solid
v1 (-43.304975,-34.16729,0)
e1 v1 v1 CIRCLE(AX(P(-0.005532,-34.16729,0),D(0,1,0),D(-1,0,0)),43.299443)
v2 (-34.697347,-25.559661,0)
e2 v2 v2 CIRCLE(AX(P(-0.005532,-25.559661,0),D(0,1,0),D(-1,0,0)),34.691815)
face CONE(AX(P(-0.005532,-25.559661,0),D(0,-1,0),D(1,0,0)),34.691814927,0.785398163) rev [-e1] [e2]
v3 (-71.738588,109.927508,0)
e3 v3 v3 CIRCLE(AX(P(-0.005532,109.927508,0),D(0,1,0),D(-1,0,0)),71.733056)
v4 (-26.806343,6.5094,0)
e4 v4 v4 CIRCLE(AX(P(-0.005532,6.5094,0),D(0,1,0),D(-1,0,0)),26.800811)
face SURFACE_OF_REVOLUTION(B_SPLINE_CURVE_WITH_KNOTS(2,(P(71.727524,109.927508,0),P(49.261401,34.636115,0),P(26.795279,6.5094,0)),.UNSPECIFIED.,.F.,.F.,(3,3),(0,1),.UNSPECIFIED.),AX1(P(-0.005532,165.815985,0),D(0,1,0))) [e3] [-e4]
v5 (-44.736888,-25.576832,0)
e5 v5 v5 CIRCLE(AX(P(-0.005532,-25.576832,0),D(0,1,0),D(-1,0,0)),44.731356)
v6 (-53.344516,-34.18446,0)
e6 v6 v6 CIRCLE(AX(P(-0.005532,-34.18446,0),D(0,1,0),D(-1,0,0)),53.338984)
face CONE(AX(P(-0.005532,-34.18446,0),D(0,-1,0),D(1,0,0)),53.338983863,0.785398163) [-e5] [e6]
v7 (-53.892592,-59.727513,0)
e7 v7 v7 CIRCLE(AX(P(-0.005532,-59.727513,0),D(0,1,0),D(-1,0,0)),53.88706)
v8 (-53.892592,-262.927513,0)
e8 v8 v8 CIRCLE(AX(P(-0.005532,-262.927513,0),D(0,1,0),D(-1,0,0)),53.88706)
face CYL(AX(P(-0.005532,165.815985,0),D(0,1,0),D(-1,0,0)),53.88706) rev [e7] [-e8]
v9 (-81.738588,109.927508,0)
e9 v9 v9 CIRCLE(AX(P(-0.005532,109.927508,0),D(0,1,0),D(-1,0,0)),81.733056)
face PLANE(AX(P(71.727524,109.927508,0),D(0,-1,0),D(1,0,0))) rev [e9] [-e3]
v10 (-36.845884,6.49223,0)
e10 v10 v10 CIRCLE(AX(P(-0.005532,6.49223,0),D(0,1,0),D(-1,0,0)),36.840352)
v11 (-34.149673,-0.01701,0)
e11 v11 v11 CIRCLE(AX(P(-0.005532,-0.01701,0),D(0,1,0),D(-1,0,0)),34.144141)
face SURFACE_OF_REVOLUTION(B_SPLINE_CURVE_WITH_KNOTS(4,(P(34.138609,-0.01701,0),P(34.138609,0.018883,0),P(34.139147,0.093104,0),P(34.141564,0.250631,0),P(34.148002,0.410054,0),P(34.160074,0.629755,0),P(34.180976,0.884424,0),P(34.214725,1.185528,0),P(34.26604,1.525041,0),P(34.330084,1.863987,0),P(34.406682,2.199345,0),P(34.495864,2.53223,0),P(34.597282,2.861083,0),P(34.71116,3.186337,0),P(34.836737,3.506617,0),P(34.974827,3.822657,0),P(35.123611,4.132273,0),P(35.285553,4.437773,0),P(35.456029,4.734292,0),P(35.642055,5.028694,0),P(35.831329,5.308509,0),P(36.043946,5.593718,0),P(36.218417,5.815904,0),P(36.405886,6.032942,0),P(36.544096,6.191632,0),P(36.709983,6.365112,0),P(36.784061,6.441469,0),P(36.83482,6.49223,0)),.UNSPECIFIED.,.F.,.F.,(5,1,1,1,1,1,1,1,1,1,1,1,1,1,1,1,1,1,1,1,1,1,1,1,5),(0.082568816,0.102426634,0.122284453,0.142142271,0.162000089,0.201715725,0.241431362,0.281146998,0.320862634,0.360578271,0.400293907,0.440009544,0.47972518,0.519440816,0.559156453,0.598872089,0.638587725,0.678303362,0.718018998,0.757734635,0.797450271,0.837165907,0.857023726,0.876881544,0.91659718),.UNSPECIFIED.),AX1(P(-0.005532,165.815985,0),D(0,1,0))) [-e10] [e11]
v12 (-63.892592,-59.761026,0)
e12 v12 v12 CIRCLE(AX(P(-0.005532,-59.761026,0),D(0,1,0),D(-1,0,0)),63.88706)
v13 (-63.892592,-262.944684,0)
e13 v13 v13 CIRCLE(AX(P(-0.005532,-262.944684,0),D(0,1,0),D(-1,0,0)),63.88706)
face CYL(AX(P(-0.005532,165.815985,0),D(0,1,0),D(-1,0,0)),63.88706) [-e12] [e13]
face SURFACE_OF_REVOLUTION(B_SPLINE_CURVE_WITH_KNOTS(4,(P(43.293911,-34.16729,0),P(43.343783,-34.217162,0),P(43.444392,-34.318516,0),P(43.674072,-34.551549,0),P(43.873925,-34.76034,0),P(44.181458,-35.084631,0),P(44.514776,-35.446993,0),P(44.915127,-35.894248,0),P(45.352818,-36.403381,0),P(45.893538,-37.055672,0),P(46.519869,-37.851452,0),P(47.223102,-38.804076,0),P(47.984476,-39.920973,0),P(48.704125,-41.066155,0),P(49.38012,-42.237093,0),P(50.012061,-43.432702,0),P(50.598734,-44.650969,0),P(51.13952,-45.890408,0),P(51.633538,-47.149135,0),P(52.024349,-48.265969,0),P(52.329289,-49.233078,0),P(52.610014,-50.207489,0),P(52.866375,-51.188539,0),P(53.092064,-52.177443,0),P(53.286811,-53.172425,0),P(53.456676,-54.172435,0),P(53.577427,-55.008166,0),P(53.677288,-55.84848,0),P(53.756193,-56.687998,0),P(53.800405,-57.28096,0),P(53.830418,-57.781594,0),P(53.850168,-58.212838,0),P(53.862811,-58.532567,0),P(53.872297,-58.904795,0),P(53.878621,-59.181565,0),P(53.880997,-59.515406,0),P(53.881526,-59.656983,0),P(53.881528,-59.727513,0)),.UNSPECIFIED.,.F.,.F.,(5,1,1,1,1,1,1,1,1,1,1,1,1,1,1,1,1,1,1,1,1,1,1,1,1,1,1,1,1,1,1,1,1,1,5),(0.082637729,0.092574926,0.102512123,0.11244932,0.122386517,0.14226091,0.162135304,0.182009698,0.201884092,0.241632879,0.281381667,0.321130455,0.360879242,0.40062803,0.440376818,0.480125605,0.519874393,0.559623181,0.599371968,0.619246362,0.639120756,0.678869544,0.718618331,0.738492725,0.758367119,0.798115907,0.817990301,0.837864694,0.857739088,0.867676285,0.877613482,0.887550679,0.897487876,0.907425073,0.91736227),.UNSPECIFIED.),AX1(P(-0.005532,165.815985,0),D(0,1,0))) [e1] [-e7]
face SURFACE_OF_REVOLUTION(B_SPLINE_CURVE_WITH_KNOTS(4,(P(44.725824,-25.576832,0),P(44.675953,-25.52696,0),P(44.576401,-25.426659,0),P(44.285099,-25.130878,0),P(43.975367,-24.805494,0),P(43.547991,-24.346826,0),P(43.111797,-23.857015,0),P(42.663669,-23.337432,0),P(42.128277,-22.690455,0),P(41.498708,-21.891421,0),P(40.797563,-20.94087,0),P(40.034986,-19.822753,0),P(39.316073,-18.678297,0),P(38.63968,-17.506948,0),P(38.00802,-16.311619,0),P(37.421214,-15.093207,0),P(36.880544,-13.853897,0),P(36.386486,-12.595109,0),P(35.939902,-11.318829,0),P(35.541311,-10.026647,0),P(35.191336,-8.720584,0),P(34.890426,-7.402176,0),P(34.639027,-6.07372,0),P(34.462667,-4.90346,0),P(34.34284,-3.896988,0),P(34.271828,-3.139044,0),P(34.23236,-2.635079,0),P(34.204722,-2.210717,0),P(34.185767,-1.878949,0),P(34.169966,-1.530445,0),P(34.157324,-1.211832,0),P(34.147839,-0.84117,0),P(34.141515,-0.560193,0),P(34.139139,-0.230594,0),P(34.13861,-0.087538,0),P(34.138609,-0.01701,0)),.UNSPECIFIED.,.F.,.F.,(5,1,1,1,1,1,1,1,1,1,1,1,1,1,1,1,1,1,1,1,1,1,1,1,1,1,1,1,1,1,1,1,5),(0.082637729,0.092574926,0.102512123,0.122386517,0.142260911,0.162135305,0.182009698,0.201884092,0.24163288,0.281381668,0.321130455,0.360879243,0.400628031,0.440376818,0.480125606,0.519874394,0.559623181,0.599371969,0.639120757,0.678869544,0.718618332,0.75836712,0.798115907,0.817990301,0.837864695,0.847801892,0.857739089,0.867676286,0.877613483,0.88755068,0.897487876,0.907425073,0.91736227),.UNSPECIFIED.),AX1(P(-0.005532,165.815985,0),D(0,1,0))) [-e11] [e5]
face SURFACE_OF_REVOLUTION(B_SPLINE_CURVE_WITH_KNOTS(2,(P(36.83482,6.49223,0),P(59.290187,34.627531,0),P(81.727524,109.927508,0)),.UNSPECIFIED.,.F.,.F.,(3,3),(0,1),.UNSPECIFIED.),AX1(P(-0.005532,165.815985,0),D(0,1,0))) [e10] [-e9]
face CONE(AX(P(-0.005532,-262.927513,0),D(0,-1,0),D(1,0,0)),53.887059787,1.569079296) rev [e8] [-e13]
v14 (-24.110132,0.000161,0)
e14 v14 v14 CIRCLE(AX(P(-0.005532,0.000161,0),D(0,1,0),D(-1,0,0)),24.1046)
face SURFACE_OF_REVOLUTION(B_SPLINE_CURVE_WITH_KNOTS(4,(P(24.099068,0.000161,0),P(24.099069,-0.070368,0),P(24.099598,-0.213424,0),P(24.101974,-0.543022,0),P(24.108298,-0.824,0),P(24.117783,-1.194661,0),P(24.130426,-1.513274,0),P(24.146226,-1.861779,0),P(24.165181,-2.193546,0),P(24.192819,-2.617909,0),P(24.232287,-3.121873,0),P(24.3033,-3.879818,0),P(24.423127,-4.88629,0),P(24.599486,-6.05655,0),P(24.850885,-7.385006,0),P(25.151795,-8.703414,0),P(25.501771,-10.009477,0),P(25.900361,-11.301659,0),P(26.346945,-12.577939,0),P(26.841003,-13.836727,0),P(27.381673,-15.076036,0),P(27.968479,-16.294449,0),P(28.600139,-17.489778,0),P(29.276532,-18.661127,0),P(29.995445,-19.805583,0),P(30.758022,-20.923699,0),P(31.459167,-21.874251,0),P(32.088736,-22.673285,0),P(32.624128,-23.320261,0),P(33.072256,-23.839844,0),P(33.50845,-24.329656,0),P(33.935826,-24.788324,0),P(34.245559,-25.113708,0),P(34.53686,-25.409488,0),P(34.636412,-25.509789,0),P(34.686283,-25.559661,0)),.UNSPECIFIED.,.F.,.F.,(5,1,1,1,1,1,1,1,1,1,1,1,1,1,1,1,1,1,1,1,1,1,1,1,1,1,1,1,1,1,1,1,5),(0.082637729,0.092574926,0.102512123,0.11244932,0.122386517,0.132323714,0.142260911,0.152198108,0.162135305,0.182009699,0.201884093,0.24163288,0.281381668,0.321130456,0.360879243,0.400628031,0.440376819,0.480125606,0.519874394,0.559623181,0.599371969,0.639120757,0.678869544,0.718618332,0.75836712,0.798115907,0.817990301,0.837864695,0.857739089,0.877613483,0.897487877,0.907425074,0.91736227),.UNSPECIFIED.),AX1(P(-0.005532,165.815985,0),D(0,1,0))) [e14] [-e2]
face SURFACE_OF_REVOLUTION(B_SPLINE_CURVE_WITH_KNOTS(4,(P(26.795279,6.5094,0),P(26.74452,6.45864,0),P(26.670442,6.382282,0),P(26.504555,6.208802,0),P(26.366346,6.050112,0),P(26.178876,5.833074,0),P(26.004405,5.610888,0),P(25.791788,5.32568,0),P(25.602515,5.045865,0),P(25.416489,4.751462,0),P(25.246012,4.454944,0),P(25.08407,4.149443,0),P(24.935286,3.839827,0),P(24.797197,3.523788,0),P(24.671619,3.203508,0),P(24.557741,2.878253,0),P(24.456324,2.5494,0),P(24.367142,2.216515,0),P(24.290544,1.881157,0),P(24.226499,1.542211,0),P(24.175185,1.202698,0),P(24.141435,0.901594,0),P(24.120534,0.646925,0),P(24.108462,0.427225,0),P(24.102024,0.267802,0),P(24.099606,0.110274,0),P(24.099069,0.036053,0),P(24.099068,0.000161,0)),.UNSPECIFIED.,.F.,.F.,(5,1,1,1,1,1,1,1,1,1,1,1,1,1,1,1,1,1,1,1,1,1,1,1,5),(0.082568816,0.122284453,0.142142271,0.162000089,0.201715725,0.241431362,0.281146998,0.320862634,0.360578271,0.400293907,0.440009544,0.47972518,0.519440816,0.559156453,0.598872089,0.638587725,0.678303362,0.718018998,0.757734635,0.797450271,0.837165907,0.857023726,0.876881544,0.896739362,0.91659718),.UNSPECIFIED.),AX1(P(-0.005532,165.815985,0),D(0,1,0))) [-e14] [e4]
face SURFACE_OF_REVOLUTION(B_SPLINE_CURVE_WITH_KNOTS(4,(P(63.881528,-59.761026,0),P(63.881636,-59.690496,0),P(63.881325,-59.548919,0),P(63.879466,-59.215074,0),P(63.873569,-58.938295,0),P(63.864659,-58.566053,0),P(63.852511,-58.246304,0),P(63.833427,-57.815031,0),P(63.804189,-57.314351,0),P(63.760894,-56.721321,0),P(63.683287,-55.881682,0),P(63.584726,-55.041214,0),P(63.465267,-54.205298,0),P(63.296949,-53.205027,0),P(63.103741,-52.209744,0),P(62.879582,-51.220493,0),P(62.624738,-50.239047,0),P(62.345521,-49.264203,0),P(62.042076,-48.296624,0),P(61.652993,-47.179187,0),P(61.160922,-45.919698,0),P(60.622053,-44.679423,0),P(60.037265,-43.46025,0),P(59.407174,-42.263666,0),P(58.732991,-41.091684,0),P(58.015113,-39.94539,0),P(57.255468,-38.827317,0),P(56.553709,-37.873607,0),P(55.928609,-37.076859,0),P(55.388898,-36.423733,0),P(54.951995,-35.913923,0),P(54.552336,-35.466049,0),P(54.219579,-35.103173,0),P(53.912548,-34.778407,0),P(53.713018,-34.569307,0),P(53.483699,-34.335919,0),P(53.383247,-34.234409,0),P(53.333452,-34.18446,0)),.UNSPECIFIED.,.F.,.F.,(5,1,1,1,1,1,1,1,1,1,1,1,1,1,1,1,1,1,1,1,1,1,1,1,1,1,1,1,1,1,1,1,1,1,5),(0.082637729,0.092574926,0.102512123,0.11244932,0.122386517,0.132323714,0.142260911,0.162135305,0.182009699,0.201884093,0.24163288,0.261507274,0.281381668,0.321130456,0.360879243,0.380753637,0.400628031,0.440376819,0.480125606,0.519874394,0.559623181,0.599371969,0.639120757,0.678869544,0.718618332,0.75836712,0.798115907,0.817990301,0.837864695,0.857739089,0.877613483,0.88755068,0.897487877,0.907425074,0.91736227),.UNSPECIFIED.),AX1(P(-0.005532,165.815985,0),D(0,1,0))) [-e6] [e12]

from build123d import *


with BuildPart() as part:
    # Sketch1 → Revolve2 (revolve)
    with BuildSketch(Plane.XY, mode=Mode.PRIVATE) as revolve2_sk:
        with BuildLine():
            Line((71.727523603, 109.92750764), (81.727523603, 109.92750764))
            add(Edge.make_bspline(
                [(36.834819916, 6.492229985), (59.290187444, 34.627531396), (81.727523603, 109.92750764)],
                knots=[0, 0, 0, 1, 1, 1], degree=2))
            add(Edge.make_bspline(
                [(34.138608587, -0.017009666), (34.138609214, 0.018882986), (34.139147045, 0.093104024), (34.141564436, 0.250631404), (34.148002281, 0.410054451), (34.160074312, 0.629754601), (34.1809758, 0.884423662), (34.214725432, 1.185527607), (34.266040019, 1.525040832), (34.330084415, 1.863987111), (34.406682315, 2.199344754), (34.495864285, 2.532229755), (34.597282126, 2.861082979), (34.711159784, 3.186337375), (34.836737485, 3.506617492), (34.97482669, 3.822657067), (35.123611014, 4.132272519), (35.285552936, 4.437773457), (35.456029218, 4.73429191), (35.642055434, 5.028694196), (35.831328983, 5.30850927), (36.043946188, 5.593717877), (36.218417088, 5.815903982), (36.405886469, 6.032941971), (36.544095961, 6.19163198), (36.709982784, 6.365112113), (36.784060974, 6.441469176), (36.834819916, 6.492229985)],
                knots=[0.082568816, 0.082568816, 0.082568816, 0.082568816, 0.082568816, 0.102426634, 0.122284453, 0.142142271, 0.162000089, 0.201715725, 0.241431362, 0.281146998, 0.320862634, 0.360578271, 0.400293907, 0.440009544, 0.47972518, 0.519440816, 0.559156453, 0.598872089, 0.638587725, 0.678303362, 0.718018998, 0.757734635, 0.797450271, 0.837165907, 0.857023726, 0.876881544, 0.91659718, 0.91659718, 0.91659718, 0.91659718, 0.91659718], degree=4))
            add(Edge.make_bspline(
                [(34.138608587, -0.017009666), (34.138609818, -0.087538311), (34.139138965, -0.230593854), (34.141514651, -0.56019258), (34.147839045, -0.84117006), (34.157324166, -1.211831735), (34.169966459, -1.530444722), (34.185766683, -1.878949267), (34.204721942, -2.210716536), (34.232359556, -2.635079064), (34.271827763, -3.139043611), (34.342840424, -3.896988339), (34.462667396, -4.903460052), (34.639026762, -6.073720425), (34.890425953, -7.40217608), (35.191336034, -8.72058418), (35.541311345, -10.026646874), (35.939901707, -11.318829263), (36.386486116, -12.595109002), (36.880544048, -13.853897152), (37.421213848, -15.093206797), (38.008020114, -16.311619463), (38.639680126, -17.506948464), (39.316073126, -18.678297428), (40.034985833, -19.822753069), (40.797562731, -20.940869748), (41.498707925, -21.891421434), (42.128276856, -22.690455155), (42.66366915, -23.337431814), (43.111796503, -23.857014693), (43.547990761, -24.346825923), (43.975366857, -24.805494067), (44.285099375, -25.130877988), (44.576400693, -25.426658725), (44.675953161, -25.526959611), (44.725823539, -25.576831796)],
                knots=[0.082637729, 0.082637729, 0.082637729, 0.082637729, 0.082637729, 0.092574926, 0.102512123, 0.11244932, 0.122386517, 0.132323714, 0.142260911, 0.152198108, 0.162135305, 0.182009699, 0.201884093, 0.24163288, 0.281381668, 0.321130456, 0.360879243, 0.400628031, 0.440376819, 0.480125606, 0.519874394, 0.559623181, 0.599371969, 0.639120757, 0.678869544, 0.718618332, 0.75836712, 0.798115907, 0.817990301, 0.837864695, 0.857739089, 0.877613483, 0.897487877, 0.907425074, 0.91736227, 0.91736227, 0.91736227, 0.91736227, 0.91736227], degree=4))
            Line((44.725823539, -25.576831796), (53.333451737, -34.184459994))
            add(Edge.make_bspline(
                [(63.881527661, -59.7610264), (63.881635503, -59.69049642), (63.881325305, -59.548918717), (63.879465733, -59.215073955), (63.873569156, -58.938295382), (63.864659319, -58.566053153), (63.852510889, -58.246304118), (63.833426989, -57.81503091), (63.804188899, -57.314350552), (63.760893785, -56.721321154), (63.683287498, -55.881682335), (63.584725547, -55.041214402), (63.465267047, -54.205298233), (63.29694877, -53.205026548), (63.103741076, -52.20974415), (62.879581588, -51.220492573), (62.624738161, -50.239047247), (62.345520509, -49.264202982), (62.042075875, -48.296624041), (61.652992583, -47.179186843), (61.160922285, -45.919697705), (60.622053077, -44.679423275), (60.037264966, -43.460250184), (59.407173995, -42.26366605), (58.732990621, -41.091683685), (58.01511276, -39.945389917), (57.255467534, -38.827317395), (56.553708501, -37.873606552), (55.928608775, -37.07685924), (55.388897912, -36.423732973), (54.951995062, -35.913923057), (54.552336448, -35.466049487), (54.21957854, -35.103172981), (53.912547535, -34.778406745), (53.713018445, -34.569307229), (53.483698764, -34.335919152), (53.383246704, -34.234409452), (53.333451737, -34.184459994)],
                knots=[0.082637729, 0.082637729, 0.082637729, 0.082637729, 0.082637729, 0.092574926, 0.102512123, 0.11244932, 0.122386517, 0.132323714, 0.142260911, 0.162135305, 0.182009699, 0.201884093, 0.24163288, 0.261507274, 0.281381668, 0.321130456, 0.360879243, 0.380753637, 0.400628031, 0.440376819, 0.480125606, 0.519874394, 0.559623181, 0.599371969, 0.639120757, 0.678869544, 0.718618332, 0.75836712, 0.798115907, 0.817990301, 0.837864695, 0.857739089, 0.877613483, 0.88755068, 0.897487877, 0.907425074, 0.91736227, 0.91736227, 0.91736227, 0.91736227, 0.91736227], degree=4))
            Line((63.881527661, -59.7610264), (63.881527661, -262.944683548))
            Line((63.881527661, -262.944683548), (53.881527661, -262.927513222))
            Line((53.881527661, -262.927513222), (53.881527661, -59.727513222))
            add(Edge.make_bspline(
                [(53.881527661, -59.727513222), (53.88152643, -59.656983159), (53.880997287, -59.515406106), (53.878621437, -59.181564619), (53.872296838, -58.904795496), (53.862811351, -58.532567491), (53.850168453, -58.212837625), (53.830417626, -57.781594446), (53.800405285, -57.280959902), (53.756193122, -56.687998168), (53.677288452, -55.848480369), (53.577426862, -55.008165863), (53.456675787, -54.172435433), (53.286810823, -53.172425243), (53.092064187, -52.177442824), (52.866375121, -51.188539086), (52.610014225, -50.207489041), (52.329289341, -49.233077743), (52.02434874, -48.265969226), (51.633537832, -47.14913507), (51.139520362, -45.890408408), (50.598733754, -44.650968806), (50.012060929, -43.432701529), (49.380120232, -42.237093242), (48.70412523, -41.066154882), (47.984475521, -39.92097266), (47.223102139, -38.804076242), (46.519869062, -37.851451787), (45.893537939, -37.055672125), (45.352817682, -36.403381284), (44.91512695, -35.894247635), (44.514776192, -35.446992659), (44.181457505, -35.084631187), (43.873924626, -34.760340153), (43.674072408, -34.551549453), (43.444392075, -34.31851629), (43.343783153, -34.217162057), (43.293911001, -34.167289665)],
                knots=[0.082637729, 0.082637729, 0.082637729, 0.082637729, 0.082637729, 0.092574926, 0.102512123, 0.11244932, 0.122386517, 0.132323714, 0.142260911, 0.162135305, 0.182009699, 0.201884093, 0.24163288, 0.261507274, 0.281381668, 0.321130456, 0.360879243, 0.380753637, 0.400628031, 0.440376819, 0.480125606, 0.519874394, 0.559623181, 0.599371969, 0.639120757, 0.678869544, 0.718618332, 0.75836712, 0.798115907, 0.817990301, 0.837864695, 0.857739089, 0.877613483, 0.88755068, 0.897487877, 0.907425074, 0.91736227, 0.91736227, 0.91736227, 0.91736227, 0.91736227], degree=4))
            Line((43.293911001, -34.167289665), (34.686282803, -25.559661467))
            add(Edge.make_bspline(
                [(24.099067874, 0.000160672), (24.099069105, -0.070367973), (24.099598252, -0.213423516), (24.101973937, -0.543022242), (24.108298331, -0.823999723), (24.117783452, -1.194661397), (24.130425744, -1.513274384), (24.146225968, -1.861778929), (24.165181227, -2.193546198), (24.19281884, -2.617908726), (24.232287047, -3.121873273), (24.303299707, -3.879818001), (24.423126678, -4.886289715), (24.599486044, -6.056550087), (24.850885233, -7.385005742), (25.151795313, -8.703413843), (25.501770623, -10.009476538), (25.900360983, -11.301658927), (26.346945391, -12.577938666), (26.841003322, -13.836726816), (27.381673121, -15.076036462), (27.968479386, -16.294449129), (28.600139397, -17.48977813), (29.276532395, -18.661127095), (29.995445101, -19.805582736), (30.758021999, -20.923699416), (31.459167192, -21.874251103), (32.088736123, -22.673284825), (32.624128416, -23.320261484), (33.072255768, -23.839844363), (33.508450026, -24.329655594), (33.935826121, -24.788323738), (34.245558639, -25.11370766), (34.536859957, -25.409488397), (34.636412425, -25.509789282), (34.686282803, -25.559661467)],
                knots=[0.082637729, 0.082637729, 0.082637729, 0.082637729, 0.082637729, 0.092574926, 0.102512123, 0.11244932, 0.122386517, 0.132323714, 0.142260911, 0.152198108, 0.162135305, 0.182009699, 0.201884093, 0.24163288, 0.281381668, 0.321130456, 0.360879243, 0.400628031, 0.440376819, 0.480125606, 0.519874394, 0.559623181, 0.599371969, 0.639120757, 0.678869544, 0.718618332, 0.75836712, 0.798115907, 0.817990301, 0.837864695, 0.857739089, 0.877613483, 0.897487877, 0.907425074, 0.91736227, 0.91736227, 0.91736227, 0.91736227, 0.91736227], degree=4))
            add(Edge.make_bspline(
                [(24.099067874, 0.000160672), (24.0990685, 0.036053324), (24.099606331, 0.110274362), (24.102023723, 0.267801742), (24.108461568, 0.427224789), (24.120533599, 0.646924939), (24.141435087, 0.901594), (24.175184719, 1.202697945), (24.226499305, 1.54221117), (24.290543701, 1.881157449), (24.367141601, 2.216515092), (24.456323571, 2.549400093), (24.557741413, 2.878253317), (24.671619071, 3.203507713), (24.797196771, 3.523787829), (24.935285977, 3.839827405), (25.084070301, 4.149442857), (25.246012222, 4.454943795), (25.416488505, 4.751462248), (25.602514721, 5.045864533), (25.79178827, 5.325679608), (26.004405474, 5.610888215), (26.178876374, 5.83307432), (26.366345756, 6.050112309), (26.504555248, 6.208802318), (26.67044207, 6.382282451), (26.744520261, 6.458639514), (26.795279203, 6.509400323)],
                knots=[0.082568816, 0.082568816, 0.082568816, 0.082568816, 0.082568816, 0.102426634, 0.122284453, 0.142142271, 0.162000089, 0.201715725, 0.241431362, 0.281146998, 0.320862634, 0.360578271, 0.400293907, 0.440009544, 0.47972518, 0.519440816, 0.559156453, 0.598872089, 0.638587725, 0.678303362, 0.718018998, 0.757734635, 0.797450271, 0.837165907, 0.857023726, 0.876881544, 0.91659718, 0.91659718, 0.91659718, 0.91659718, 0.91659718], degree=4))
            add(Edge.make_bspline(
                [(26.795279203, 6.509400323), (49.261401403, 34.636114842), (71.727523603, 109.92750764)],
                knots=[0, 0, 0, 1, 1, 1], degree=2))
        make_face()
    revolve(revolve2_sk.sketch.rotate(Axis((-0.005532126, 165.815985114, 0), (0, -1, 0)), 180), axis=Axis((-0.005532126, 165.815985114, 0), (0, -1, 0)))


solid = part.part
